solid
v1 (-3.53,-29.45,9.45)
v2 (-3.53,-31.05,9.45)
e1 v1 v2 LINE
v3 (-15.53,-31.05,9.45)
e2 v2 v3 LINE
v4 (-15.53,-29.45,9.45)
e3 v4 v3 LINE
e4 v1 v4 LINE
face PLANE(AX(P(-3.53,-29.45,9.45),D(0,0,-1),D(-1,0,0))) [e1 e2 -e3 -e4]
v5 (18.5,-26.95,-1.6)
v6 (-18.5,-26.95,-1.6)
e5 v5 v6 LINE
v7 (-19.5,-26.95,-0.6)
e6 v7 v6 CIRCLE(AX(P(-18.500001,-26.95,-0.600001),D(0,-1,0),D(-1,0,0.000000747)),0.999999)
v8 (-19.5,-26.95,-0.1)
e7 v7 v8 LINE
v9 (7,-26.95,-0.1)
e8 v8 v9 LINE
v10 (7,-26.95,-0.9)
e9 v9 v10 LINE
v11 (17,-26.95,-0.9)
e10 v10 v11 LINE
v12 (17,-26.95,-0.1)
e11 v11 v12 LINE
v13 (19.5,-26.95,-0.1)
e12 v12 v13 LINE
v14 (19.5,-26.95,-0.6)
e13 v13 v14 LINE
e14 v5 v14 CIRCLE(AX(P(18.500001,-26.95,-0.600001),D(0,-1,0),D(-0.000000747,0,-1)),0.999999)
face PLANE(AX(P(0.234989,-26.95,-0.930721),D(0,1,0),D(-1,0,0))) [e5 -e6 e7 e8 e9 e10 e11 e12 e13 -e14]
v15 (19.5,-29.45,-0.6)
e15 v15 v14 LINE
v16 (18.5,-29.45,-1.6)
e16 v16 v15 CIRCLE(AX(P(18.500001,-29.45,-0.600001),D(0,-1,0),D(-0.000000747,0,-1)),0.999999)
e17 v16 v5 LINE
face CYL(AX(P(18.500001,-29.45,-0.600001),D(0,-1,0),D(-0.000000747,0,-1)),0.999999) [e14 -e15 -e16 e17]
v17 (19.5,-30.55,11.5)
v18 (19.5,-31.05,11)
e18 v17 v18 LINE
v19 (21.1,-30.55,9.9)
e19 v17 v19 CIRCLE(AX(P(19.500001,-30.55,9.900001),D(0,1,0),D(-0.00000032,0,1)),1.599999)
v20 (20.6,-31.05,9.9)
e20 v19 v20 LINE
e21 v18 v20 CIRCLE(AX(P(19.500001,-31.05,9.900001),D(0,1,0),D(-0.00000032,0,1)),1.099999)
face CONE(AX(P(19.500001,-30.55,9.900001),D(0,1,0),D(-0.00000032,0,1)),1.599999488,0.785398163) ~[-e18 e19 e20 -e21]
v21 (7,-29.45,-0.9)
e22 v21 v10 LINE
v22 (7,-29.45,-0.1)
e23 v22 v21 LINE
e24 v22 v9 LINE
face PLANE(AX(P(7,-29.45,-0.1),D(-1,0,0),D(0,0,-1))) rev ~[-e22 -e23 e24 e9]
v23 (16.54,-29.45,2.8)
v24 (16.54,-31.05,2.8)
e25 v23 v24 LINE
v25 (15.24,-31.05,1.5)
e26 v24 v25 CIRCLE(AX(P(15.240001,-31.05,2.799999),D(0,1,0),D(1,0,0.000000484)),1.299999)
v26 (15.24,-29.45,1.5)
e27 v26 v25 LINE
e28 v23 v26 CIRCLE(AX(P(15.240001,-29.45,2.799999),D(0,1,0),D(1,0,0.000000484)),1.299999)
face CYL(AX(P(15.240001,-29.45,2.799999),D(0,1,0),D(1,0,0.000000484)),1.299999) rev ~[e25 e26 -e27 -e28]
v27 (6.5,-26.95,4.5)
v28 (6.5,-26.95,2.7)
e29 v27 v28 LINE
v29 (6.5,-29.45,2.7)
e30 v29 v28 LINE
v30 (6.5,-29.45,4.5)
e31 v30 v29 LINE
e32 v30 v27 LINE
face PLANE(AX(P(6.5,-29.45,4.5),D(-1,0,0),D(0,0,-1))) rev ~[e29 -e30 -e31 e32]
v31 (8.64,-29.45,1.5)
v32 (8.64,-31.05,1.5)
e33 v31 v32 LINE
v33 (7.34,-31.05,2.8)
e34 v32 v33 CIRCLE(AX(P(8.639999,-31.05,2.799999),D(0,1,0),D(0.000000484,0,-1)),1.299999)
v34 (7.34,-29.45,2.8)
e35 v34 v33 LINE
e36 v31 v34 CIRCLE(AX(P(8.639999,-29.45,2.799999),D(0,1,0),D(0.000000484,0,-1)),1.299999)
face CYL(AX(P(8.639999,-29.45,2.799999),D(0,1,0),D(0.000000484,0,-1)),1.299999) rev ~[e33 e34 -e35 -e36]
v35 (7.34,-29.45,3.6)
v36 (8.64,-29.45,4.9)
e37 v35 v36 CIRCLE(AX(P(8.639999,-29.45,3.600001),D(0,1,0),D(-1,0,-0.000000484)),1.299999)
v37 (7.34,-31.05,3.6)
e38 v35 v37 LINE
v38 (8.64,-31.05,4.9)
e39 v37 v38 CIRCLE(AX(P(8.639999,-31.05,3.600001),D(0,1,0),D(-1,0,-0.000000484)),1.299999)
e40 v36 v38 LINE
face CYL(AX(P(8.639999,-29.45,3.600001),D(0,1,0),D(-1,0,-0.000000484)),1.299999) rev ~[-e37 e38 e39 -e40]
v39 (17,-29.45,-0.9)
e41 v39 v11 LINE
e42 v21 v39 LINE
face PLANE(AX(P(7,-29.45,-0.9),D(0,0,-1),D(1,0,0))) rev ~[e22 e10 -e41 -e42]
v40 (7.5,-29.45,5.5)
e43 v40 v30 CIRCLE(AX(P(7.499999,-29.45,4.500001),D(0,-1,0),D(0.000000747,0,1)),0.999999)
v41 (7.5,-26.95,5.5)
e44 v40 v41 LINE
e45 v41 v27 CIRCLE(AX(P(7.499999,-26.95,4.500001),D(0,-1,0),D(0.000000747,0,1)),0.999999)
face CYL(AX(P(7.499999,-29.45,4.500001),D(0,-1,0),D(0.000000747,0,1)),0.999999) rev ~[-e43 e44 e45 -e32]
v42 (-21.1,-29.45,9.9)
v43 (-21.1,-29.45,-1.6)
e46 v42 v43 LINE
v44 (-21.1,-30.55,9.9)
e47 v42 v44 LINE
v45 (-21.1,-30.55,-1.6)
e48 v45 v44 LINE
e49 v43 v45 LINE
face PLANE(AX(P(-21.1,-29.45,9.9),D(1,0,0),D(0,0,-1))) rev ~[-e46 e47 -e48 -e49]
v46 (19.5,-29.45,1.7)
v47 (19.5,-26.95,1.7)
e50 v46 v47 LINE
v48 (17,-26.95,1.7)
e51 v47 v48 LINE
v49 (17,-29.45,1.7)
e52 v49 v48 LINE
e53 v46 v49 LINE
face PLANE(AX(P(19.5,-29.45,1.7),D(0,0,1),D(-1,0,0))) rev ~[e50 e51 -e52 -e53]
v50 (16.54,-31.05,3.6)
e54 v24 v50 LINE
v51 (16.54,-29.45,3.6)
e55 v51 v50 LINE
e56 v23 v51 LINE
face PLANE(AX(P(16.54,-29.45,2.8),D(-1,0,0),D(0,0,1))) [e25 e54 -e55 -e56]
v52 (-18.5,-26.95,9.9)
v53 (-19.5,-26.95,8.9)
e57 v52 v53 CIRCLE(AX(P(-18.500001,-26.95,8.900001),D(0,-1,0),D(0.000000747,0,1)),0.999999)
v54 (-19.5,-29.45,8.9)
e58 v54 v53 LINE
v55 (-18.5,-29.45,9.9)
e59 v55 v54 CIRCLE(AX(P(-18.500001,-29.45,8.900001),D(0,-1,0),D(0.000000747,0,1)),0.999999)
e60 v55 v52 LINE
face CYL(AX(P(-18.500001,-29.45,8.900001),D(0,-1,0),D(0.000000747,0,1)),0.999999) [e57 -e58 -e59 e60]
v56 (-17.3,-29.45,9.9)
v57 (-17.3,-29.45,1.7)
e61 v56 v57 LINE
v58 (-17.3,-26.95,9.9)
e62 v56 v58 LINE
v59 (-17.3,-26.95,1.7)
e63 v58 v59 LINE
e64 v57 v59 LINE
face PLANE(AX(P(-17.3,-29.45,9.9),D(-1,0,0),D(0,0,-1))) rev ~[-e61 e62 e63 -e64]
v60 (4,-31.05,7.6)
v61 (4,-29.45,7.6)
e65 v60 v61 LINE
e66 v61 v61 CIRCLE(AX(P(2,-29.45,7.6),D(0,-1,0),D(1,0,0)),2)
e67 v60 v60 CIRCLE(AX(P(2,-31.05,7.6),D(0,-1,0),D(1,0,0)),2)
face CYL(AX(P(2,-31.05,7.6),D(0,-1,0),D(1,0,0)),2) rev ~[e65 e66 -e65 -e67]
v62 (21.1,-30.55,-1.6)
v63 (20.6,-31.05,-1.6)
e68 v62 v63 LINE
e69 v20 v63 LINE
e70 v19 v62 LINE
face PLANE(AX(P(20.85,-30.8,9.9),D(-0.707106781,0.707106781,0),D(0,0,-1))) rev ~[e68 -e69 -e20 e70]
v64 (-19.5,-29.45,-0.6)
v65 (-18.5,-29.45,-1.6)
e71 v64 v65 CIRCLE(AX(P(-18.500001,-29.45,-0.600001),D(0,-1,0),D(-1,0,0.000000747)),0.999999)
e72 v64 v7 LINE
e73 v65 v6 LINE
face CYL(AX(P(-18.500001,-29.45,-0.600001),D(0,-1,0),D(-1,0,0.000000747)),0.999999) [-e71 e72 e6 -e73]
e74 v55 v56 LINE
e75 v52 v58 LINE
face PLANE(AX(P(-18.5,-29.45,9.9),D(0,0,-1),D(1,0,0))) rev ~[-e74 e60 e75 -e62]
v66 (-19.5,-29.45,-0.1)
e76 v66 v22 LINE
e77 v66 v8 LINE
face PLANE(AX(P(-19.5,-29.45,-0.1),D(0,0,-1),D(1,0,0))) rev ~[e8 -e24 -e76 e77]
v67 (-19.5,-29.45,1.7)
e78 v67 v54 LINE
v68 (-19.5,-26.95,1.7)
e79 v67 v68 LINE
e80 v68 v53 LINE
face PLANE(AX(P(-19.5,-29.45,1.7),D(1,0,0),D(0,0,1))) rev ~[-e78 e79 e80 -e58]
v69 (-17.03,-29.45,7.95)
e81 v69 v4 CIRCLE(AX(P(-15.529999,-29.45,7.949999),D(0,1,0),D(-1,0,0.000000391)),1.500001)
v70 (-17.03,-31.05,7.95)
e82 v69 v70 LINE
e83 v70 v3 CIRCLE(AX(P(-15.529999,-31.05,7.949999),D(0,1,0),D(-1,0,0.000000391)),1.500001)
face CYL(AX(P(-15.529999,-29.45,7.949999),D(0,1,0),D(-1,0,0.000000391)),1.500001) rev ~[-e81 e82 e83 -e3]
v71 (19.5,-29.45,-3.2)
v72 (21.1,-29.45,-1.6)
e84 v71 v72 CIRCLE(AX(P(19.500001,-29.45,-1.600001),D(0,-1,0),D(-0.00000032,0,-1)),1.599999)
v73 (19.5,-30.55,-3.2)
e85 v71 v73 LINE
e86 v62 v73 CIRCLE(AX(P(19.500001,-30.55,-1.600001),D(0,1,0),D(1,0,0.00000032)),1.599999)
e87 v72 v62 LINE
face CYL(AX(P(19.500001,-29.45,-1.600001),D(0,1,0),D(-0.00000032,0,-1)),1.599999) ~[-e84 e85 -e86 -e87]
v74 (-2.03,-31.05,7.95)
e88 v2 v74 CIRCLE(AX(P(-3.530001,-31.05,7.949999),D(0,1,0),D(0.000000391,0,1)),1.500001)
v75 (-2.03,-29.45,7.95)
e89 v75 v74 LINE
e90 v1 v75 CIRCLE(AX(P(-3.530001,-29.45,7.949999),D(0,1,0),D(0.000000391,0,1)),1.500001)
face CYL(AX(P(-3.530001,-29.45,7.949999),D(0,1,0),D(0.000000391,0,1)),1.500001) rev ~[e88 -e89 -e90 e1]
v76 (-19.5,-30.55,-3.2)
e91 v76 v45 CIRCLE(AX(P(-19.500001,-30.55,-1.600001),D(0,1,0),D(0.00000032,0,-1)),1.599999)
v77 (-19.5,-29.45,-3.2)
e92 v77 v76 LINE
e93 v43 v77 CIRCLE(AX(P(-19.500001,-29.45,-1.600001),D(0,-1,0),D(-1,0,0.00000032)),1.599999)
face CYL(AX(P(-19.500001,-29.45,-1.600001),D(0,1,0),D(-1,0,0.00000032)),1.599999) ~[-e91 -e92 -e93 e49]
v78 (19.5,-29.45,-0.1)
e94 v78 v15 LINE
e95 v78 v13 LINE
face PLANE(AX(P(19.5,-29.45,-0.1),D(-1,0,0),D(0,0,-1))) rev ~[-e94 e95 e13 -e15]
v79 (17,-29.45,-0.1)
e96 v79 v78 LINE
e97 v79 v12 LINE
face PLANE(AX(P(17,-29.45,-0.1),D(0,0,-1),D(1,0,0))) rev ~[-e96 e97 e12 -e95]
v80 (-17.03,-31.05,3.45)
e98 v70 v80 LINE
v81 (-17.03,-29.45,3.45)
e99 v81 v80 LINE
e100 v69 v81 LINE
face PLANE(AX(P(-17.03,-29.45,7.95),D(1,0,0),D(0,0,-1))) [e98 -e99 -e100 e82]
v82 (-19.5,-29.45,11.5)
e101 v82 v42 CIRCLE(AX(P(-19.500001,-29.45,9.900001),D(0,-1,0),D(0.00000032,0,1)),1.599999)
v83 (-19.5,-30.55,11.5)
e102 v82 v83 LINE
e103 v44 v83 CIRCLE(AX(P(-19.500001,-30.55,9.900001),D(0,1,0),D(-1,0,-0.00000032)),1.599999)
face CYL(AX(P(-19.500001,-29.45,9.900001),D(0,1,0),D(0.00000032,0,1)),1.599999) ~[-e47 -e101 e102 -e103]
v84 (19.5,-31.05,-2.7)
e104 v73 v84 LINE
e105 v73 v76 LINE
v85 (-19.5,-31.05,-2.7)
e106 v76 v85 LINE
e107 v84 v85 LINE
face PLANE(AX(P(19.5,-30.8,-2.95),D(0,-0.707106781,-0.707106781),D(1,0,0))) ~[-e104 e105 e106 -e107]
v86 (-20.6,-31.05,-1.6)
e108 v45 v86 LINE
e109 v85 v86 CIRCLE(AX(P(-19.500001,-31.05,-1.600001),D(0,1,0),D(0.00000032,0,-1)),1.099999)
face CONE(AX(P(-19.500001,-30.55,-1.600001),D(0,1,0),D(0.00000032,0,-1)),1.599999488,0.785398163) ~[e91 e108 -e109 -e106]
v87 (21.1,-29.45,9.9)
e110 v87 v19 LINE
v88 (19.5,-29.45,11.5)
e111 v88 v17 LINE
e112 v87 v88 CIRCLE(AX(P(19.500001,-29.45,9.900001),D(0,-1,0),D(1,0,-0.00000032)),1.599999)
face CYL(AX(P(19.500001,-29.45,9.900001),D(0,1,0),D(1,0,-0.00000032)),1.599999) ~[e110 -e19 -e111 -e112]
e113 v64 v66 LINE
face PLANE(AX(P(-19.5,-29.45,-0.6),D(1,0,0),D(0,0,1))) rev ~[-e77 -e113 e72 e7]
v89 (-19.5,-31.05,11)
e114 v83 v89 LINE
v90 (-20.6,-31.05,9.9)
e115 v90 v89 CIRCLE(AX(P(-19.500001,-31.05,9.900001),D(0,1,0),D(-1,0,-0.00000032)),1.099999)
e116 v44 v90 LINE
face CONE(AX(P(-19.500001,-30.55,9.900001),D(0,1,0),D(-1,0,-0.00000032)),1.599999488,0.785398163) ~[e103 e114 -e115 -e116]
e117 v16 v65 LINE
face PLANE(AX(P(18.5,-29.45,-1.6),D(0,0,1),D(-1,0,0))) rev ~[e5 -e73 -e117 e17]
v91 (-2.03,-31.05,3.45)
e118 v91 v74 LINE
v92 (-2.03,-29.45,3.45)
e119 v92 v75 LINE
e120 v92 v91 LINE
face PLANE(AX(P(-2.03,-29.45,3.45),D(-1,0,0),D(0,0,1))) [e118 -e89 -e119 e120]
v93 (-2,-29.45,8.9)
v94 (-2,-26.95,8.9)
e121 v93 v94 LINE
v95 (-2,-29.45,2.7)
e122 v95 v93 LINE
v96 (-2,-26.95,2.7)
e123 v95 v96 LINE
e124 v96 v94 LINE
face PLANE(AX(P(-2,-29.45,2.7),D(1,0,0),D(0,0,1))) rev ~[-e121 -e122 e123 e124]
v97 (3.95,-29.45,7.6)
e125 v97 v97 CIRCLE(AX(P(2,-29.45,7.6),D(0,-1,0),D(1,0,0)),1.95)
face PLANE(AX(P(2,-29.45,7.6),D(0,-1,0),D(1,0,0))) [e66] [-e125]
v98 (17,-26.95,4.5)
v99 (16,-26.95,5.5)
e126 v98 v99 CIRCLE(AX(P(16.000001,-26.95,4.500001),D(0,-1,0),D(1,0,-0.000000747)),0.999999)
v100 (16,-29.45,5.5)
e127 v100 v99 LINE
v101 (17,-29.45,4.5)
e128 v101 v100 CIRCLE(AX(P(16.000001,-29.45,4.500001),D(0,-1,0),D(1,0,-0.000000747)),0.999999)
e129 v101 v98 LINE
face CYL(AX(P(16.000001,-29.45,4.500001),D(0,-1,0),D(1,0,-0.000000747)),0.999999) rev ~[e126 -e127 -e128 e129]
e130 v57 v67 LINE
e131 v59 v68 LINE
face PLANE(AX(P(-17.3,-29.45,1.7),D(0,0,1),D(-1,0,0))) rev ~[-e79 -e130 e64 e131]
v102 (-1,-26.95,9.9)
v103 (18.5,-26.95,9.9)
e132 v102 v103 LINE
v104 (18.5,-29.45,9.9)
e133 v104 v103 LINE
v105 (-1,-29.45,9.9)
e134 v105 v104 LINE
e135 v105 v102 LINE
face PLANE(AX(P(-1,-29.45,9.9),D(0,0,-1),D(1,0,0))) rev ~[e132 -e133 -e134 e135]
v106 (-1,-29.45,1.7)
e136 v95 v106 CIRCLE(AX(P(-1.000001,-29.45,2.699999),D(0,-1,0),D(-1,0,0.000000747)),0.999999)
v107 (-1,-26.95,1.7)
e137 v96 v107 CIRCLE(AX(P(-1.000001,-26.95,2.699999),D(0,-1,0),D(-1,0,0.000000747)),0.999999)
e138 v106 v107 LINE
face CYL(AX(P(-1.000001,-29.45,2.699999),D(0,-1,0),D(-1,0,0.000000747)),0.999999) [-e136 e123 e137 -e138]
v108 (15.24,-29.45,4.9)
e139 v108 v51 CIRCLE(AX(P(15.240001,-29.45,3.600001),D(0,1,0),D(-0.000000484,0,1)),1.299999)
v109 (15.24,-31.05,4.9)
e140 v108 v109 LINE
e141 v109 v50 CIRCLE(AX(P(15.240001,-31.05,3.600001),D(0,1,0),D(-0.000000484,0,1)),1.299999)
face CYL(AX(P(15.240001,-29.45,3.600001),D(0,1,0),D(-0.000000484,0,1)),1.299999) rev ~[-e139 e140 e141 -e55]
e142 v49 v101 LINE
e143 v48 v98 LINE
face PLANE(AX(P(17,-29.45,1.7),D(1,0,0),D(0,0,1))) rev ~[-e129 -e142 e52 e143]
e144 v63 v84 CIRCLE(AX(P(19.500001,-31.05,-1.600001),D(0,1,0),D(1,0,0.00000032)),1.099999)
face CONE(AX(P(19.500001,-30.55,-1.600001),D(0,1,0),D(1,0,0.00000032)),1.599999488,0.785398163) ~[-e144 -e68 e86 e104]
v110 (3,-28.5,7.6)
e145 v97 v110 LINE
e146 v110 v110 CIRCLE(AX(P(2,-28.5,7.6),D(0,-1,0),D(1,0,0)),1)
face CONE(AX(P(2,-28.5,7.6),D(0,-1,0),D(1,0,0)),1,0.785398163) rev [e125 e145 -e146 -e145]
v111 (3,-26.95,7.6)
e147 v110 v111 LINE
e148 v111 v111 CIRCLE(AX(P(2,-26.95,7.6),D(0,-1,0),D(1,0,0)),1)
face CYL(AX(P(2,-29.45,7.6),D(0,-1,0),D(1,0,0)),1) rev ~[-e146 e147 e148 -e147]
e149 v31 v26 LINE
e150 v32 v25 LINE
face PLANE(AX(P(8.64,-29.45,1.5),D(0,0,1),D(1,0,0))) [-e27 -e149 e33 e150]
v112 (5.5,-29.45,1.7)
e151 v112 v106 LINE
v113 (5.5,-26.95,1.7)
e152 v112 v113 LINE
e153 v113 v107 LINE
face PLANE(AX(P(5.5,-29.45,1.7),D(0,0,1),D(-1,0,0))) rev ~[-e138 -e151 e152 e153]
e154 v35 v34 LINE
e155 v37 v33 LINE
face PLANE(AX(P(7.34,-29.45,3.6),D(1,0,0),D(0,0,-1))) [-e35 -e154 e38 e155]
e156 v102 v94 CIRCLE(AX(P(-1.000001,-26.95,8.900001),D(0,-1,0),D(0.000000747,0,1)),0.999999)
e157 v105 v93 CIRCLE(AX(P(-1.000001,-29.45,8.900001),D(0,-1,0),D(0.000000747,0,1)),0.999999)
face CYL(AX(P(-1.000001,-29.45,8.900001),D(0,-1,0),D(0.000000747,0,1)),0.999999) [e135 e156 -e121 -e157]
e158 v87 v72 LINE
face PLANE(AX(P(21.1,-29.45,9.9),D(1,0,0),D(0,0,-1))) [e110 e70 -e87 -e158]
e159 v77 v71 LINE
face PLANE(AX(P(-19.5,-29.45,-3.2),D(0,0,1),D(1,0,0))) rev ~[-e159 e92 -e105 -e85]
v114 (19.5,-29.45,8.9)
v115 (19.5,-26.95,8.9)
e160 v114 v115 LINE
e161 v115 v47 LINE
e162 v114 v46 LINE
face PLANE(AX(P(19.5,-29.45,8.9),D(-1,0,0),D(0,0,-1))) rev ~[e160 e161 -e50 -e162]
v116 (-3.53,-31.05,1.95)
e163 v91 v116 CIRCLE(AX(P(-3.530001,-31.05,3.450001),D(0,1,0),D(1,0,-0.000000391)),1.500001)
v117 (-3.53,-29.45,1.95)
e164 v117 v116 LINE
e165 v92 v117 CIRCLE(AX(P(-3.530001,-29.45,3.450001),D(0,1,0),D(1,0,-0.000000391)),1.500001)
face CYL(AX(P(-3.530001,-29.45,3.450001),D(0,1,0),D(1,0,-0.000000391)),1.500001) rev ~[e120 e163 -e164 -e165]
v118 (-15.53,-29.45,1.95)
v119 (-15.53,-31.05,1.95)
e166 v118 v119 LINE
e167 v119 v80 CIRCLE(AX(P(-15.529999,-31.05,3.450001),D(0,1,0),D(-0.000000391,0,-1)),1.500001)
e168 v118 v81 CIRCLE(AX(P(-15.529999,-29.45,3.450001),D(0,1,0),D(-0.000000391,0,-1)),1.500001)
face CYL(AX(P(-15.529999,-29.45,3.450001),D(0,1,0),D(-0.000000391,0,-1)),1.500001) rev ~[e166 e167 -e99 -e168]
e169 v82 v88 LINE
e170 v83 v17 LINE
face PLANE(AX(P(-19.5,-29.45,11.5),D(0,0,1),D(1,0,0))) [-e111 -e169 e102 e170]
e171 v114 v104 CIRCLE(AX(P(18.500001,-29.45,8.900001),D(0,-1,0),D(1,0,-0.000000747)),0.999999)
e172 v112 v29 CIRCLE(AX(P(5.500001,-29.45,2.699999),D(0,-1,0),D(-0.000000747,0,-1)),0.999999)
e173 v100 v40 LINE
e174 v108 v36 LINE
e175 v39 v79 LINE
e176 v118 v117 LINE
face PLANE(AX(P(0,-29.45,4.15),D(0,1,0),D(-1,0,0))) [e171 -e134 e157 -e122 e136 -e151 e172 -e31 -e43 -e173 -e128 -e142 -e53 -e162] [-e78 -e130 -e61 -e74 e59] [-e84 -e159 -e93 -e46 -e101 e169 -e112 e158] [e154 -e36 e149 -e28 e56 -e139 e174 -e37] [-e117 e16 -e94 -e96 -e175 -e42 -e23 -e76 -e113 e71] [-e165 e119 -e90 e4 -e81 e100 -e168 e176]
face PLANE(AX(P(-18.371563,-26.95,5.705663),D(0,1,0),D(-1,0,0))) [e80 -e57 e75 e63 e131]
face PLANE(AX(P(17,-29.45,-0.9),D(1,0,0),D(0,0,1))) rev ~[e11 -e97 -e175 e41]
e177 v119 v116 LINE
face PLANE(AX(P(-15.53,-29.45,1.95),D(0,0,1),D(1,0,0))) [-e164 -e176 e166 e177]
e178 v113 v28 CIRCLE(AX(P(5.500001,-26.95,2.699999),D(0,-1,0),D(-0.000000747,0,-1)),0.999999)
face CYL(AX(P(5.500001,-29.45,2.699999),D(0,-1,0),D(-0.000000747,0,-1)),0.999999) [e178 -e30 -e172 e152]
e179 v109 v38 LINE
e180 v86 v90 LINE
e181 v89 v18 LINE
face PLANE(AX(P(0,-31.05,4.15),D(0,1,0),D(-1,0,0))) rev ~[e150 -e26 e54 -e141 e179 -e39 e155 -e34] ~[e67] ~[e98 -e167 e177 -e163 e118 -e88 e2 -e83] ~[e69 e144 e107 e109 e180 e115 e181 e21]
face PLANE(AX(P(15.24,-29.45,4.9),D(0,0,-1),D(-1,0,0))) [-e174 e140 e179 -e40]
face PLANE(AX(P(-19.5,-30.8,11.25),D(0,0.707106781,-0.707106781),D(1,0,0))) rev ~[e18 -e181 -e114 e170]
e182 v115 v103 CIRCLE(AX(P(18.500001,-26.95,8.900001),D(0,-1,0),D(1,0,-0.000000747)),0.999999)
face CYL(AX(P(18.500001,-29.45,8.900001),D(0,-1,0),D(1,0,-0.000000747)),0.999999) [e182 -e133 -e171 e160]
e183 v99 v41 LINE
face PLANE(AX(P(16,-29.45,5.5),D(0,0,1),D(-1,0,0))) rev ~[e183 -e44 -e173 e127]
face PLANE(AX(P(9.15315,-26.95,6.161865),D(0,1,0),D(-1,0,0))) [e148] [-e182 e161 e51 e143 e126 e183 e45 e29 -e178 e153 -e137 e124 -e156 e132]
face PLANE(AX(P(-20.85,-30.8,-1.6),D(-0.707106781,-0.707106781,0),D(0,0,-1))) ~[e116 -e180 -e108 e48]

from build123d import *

# Parameters (mm, degrees)
PAD_DEPTH       = 1.6
CHAMFER_SIZE    = 0.5
POCKET_DEPTH    = 1.601
PAD018_DEPTH    = 2.5
SKETCH028_R     = 2
POCKET006_DEPTH = 1.6
SKETCH029_R     = 1
POCKET007_DEPTH = 2.501
CHAMFER003_SIZE = 0.95


with BuildPart() as part:
    # Sketch (on Face1 of Binder) → Pad (new body)
    with BuildSketch(Plane.XZ.offset(29.45)):
        with BuildLine():
            Line((-19.5, 11.5), (19.5, 11.5))
            ThreePointArc((21.1, 9.9), (20.631371, 11.031371), (19.5, 11.5))
            Line((21.1, 9.9), (21.1, -1.6))
            ThreePointArc((19.5, -3.2), (20.631371, -2.731371), (21.1, -1.6))
            Line((-19.5, -3.2), (19.5, -3.2))
            ThreePointArc((-21.1, -1.6), (-20.631371, -2.731371), (-19.5, -3.2))
            Line((-21.1, 9.9), (-21.1, -1.6))
            ThreePointArc((-19.5, 11.5), (-20.631371, 11.031371), (-21.1, 9.9))
        make_face()
    extrude(amount=PAD_DEPTH)

    # Chamfer
    chamfer_edges = [part.edges().sort_by_distance(p)[0] for p in [
        (0, -31.05, 11.5),
    ]]
    chamfer(chamfer_edges, length=CHAMFER_SIZE)

    # Sketch023 (on Face4 of Chamfer) → Pocket (cut, through all)
    with BuildSketch(Plane(origin=(0, -29.45, 0), x_dir=(-1, 0, 0), z_dir=(0, 1, 0))):
        with BuildLine():
            Line((3.53, 9.45), (15.53, 9.45))
            ThreePointArc((17.03, 7.95), (16.59066, 9.01066), (15.53, 9.45))
            Line((17.03, 7.95), (17.03, 3.45))
            ThreePointArc((15.53, 1.95), (16.59066, 2.38934), (17.03, 3.45))
            Line((15.53, 1.95), (3.53, 1.95))
            ThreePointArc((2.03, 3.45), (2.46934, 2.38934), (3.53, 1.95))
            Line((2.03, 3.45), (2.03, 7.95))
            ThreePointArc((3.53, 9.45), (2.46934, 9.01066), (2.03, 7.95))
        make_face()
        with BuildLine():
            ThreePointArc((-15.24, 4.9), (-16.159239, 4.519239), (-16.54, 3.6))
            Line((-16.54, 2.8), (-16.54, 3.6))
            ThreePointArc((-16.54, 2.8), (-16.159239, 1.880761), (-15.24, 1.5))
            Line((-8.64, 1.5), (-15.24, 1.5))
            ThreePointArc((-8.64, 1.5), (-7.720761, 1.880761), (-7.34, 2.8))
            Line((-7.34, 3.6), (-7.34, 2.8))
            ThreePointArc((-7.34, 3.6), (-7.720761, 4.519239), (-8.64, 4.9))
            Line((-15.24, 4.9), (-8.64, 4.9))
        make_face()
    extrude(amount=-POCKET_DEPTH, mode=Mode.SUBTRACT)

    # Sketch024 (on Face1 of Binder) → Pad018 (join)
    with BuildSketch(Plane.XZ.offset(29.45)):
        with BuildLine():
            Line((-1, 9.9), (18.5, 9.9))
            ThreePointArc((19.5, 8.9), (19.207107, 9.607107), (18.5, 9.9))
            Line((19.5, 8.9), (19.5, 1.7))
            Line((19.5, 1.7), (17, 1.7))
            Line((17, 1.7), (17, 4.5))
            ThreePointArc((17, 4.5), (16.707107, 5.207107), (16, 5.5))
            Line((16, 5.5), (7.5, 5.5))
            ThreePointArc((7.5, 5.5), (6.792893, 5.207107), (6.5, 4.5))
            Line((6.5, 4.5), (6.5, 2.7))
            ThreePointArc((5.5, 1.7), (6.207107, 1.992893), (6.5, 2.7))
            Line((5.5, 1.7), (-1, 1.7))
            ThreePointArc((-2, 2.7), (-1.707107, 1.992893), (-1, 1.7))
            Line((-2, 2.7), (-2, 8.9))
            ThreePointArc((-1, 9.9), (-1.707107, 9.607107), (-2, 8.9))
        make_face()
        with BuildLine():
            Line((-19.5, -0.1), (7, -0.1))
            Line((7, -0.1), (7, -0.9))
            Line((7, -0.9), (17, -0.9))
            Line((17, -0.9), (17, -0.1))
            Line((17, -0.1), (19.5, -0.1))
            Line((19.5, -0.1), (19.5, -0.6))
            ThreePointArc((18.5, -1.6), (19.207107, -1.307107), (19.5, -0.6))
            Line((18.5, -1.6), (-18.5, -1.6))
            ThreePointArc((-19.5, -0.6), (-19.207107, -1.307107), (-18.5, -1.6))
            Line((-19.5, -0.6), (-19.5, -0.1))
        make_face()
        with BuildLine():
            Line((-18.5, 9.9), (-17.3, 9.9))
            Line((-17.3, 9.9), (-17.3, 1.7))
            Line((-17.3, 1.7), (-19.5, 1.7))
            Line((-19.5, 1.7), (-19.5, 8.9))
            ThreePointArc((-18.5, 9.9), (-19.207107, 9.607107), (-19.5, 8.9))
        make_face()
    extrude(amount=-PAD018_DEPTH)

    # Sketch028 (on Face9 of Pad018) → Pocket006 (cut)
    with BuildSketch(Plane.XZ.offset(31.05)):
        with Locations((2, 7.6)):
            Circle(SKETCH028_R)
    extrude(amount=-POCKET006_DEPTH, mode=Mode.SUBTRACT)

    # Sketch029 (on Face68 of Pocket006) → Pocket007 (cut, through all)
    with BuildSketch(Plane.XZ.offset(29.45)):
        with Locations((2, 7.6)):
            Circle(SKETCH029_R)
    extrude(amount=-POCKET007_DEPTH, mode=Mode.SUBTRACT)

    # Chamfer003
    chamfer003_edges = [part.edges().sort_by_distance(p)[0] for p in [
        (1, -29.45, 7.6),
    ]]
    chamfer(chamfer003_edges, length=CHAMFER003_SIZE)


solid = part.part
